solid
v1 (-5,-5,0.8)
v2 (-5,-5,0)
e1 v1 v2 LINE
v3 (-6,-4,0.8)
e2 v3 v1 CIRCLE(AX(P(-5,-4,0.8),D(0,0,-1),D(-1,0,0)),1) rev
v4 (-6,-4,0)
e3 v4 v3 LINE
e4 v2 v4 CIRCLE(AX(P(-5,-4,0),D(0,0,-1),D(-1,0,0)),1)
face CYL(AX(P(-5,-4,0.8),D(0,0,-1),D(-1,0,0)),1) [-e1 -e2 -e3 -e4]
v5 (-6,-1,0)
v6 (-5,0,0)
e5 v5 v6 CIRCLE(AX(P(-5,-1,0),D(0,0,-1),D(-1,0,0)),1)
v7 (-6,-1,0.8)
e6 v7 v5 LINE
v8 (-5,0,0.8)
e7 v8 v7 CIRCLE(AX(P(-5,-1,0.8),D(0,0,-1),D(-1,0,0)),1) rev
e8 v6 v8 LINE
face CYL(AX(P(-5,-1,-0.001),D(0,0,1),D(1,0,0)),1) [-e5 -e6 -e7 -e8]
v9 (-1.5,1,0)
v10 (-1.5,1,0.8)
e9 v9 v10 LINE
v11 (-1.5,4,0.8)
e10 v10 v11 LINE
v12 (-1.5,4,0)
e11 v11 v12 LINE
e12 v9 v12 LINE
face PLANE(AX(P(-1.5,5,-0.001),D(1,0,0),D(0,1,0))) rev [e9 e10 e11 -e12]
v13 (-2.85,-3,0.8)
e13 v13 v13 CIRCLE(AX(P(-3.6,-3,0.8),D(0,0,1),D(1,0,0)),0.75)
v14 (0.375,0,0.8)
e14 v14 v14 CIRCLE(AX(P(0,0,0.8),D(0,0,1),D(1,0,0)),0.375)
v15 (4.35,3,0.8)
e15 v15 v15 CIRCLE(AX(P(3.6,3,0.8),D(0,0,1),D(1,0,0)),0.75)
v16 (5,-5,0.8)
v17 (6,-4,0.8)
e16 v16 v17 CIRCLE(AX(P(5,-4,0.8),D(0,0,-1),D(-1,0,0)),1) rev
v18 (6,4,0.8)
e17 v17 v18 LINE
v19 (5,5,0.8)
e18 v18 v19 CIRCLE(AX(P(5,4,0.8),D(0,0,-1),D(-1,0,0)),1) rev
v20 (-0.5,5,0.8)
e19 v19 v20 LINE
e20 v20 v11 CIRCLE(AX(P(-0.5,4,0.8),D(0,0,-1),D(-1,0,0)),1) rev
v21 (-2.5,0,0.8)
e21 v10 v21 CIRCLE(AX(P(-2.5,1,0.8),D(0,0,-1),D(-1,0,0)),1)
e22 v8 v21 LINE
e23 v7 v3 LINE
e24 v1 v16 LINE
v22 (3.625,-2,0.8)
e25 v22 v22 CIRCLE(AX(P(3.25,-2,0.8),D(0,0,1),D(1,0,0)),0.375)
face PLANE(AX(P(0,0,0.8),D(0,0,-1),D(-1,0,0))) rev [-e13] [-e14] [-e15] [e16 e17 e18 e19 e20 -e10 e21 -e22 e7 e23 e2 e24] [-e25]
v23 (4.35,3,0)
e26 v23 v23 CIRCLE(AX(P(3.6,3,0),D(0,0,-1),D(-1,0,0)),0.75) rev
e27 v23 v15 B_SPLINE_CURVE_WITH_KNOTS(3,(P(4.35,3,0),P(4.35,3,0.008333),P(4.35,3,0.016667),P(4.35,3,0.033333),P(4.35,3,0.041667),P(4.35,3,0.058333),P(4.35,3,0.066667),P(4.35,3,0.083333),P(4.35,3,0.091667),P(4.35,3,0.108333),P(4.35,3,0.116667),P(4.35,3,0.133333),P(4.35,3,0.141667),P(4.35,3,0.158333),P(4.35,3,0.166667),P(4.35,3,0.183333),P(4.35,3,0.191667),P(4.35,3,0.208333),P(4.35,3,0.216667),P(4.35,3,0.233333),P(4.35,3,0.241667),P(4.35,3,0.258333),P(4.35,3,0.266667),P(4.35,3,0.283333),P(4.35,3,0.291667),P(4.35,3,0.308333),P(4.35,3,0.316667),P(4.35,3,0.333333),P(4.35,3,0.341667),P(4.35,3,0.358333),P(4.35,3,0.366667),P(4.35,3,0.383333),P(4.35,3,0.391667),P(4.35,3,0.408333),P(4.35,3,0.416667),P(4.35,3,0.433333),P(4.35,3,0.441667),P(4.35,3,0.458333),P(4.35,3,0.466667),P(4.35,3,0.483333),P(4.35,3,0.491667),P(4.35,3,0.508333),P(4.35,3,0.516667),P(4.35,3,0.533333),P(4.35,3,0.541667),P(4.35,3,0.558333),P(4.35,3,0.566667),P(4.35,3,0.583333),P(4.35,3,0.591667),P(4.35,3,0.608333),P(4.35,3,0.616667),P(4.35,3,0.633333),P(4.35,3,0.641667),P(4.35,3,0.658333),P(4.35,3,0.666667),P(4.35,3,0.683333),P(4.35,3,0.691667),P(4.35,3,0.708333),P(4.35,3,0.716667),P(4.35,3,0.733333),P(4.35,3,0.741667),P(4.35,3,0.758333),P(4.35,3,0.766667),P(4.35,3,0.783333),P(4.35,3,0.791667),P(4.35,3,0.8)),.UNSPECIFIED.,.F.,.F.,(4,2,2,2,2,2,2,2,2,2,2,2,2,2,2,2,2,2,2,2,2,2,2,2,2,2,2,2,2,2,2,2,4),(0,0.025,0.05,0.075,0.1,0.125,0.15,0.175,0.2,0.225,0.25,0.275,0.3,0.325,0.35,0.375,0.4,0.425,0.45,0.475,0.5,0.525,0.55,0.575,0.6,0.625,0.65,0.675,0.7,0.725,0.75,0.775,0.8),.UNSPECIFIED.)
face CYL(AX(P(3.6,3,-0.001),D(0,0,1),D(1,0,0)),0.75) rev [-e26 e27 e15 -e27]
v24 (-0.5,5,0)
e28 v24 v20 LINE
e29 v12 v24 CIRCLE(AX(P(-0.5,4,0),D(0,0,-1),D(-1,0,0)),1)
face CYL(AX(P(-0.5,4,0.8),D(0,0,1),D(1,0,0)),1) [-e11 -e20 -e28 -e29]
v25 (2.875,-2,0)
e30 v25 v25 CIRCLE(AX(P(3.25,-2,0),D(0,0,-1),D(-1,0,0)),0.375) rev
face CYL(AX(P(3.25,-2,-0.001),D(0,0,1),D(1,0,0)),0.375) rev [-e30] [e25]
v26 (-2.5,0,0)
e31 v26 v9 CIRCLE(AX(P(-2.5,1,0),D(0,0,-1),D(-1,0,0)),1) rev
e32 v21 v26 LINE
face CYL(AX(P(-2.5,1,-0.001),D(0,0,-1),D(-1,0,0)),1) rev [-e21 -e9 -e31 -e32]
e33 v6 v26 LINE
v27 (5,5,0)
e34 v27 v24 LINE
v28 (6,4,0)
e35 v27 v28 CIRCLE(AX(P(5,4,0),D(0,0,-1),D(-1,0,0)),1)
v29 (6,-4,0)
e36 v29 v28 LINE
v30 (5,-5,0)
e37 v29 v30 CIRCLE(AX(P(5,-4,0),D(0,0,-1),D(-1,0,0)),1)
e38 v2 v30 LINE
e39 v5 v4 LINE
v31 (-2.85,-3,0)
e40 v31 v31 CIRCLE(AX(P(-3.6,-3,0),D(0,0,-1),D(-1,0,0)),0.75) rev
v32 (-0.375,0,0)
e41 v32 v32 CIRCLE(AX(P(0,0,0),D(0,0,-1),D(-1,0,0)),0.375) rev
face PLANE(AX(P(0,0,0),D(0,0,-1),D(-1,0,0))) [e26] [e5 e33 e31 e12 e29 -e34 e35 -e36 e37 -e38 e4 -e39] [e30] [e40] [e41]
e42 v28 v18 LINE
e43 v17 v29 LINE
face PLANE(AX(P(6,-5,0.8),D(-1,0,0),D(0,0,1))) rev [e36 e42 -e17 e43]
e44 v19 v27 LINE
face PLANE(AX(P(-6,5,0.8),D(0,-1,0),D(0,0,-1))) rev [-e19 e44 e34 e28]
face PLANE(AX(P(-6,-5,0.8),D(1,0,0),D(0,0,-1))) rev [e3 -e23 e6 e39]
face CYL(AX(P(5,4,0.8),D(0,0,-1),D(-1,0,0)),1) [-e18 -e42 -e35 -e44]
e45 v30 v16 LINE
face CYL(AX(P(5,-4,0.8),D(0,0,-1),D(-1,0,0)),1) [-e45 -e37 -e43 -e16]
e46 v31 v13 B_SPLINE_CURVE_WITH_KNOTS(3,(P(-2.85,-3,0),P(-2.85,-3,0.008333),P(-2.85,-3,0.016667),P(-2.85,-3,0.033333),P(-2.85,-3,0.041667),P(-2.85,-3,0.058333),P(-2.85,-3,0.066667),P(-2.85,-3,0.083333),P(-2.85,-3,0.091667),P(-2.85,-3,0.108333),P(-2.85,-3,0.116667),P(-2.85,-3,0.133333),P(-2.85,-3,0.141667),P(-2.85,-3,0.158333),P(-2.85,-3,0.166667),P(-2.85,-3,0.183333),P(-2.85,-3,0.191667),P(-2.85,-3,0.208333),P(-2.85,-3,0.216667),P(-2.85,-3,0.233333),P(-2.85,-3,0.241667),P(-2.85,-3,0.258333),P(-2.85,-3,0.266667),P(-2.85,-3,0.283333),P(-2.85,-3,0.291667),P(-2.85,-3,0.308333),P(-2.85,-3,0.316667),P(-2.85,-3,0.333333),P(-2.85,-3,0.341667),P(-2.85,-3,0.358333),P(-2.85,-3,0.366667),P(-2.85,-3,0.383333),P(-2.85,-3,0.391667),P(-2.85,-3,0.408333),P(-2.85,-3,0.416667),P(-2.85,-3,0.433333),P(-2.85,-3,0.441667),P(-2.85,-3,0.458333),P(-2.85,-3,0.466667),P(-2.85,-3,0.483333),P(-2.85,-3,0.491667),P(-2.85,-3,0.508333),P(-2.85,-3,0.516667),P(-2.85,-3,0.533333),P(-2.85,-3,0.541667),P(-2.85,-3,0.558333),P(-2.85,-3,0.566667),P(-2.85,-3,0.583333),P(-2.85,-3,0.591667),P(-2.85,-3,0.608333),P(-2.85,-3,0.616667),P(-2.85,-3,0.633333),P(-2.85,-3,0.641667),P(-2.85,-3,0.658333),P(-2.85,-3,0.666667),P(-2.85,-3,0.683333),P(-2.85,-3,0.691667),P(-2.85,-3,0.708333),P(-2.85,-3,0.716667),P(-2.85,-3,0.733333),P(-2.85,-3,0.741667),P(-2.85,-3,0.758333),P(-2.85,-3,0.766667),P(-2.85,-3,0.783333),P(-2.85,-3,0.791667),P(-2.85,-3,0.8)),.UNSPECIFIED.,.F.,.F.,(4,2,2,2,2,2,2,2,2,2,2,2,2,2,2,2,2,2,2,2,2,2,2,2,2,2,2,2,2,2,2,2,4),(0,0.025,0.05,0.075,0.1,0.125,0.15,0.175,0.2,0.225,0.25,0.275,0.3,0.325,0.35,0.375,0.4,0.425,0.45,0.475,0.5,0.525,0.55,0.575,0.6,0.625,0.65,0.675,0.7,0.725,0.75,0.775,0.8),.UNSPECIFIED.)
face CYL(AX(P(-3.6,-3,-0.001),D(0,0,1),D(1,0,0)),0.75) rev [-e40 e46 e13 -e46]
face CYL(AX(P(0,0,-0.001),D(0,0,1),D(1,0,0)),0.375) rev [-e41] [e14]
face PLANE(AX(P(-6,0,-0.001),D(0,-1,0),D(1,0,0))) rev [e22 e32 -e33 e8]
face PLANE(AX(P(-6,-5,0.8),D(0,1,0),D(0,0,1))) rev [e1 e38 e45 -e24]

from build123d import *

# Parameters (mm, degrees)
SKETCH_1_W          = 12
SKETCH_1_H          = 10
EXTRUDE_1_DEPTH     = 0.8
CUT_EXTRUDE_1_REACH = 9.851
SKETCH_2_R          = 0.375
SKETCH_2_R_2        = 0.75
SKETCH_2_W          = 4.5
SKETCH_2_H          = 5
FILLET_1_R          = 1


with BuildPart() as part:
    # Эскиз1 → Бобышка-Вытянуть1 (new body)
    with BuildSketch(Plane.XY):
        Rectangle(SKETCH_1_W, SKETCH_1_H)
    extrude(amount=EXTRUDE_1_DEPTH)

    # Эскиз2 → Вырез-Вытянуть1 (cut, up to next)
    with BuildSketch(Plane.XY.offset(0.8), mode=Mode.PRIVATE) as cut_extrude_1_sk1:
        Circle(SKETCH_2_R)
    cut_extrude_1_tool1 = extrude(cut_extrude_1_sk1.sketch, amount=-CUT_EXTRUDE_1_REACH, mode=Mode.PRIVATE) & part.part
    # Эскиз2 → Вырез-Вытянуть1 (cut, up to next)
    with BuildSketch(Plane.XY.offset(0.8), mode=Mode.PRIVATE) as cut_extrude_1_sk2:
        with Locations((-3.6, -3)):
            Circle(SKETCH_2_R_2)
    cut_extrude_1_tool2 = extrude(cut_extrude_1_sk2.sketch, amount=-CUT_EXTRUDE_1_REACH, mode=Mode.PRIVATE) & part.part
    # Эскиз2 → Вырез-Вытянуть1 (cut, up to next)
    with BuildSketch(Plane.XY.offset(0.8), mode=Mode.PRIVATE) as cut_extrude_1_sk3:
        with Locations((3.6, 3)):
            Circle(SKETCH_2_R_2)
    cut_extrude_1_tool3 = extrude(cut_extrude_1_sk3.sketch, amount=-CUT_EXTRUDE_1_REACH, mode=Mode.PRIVATE) & part.part
    # Эскиз2 → Вырез-Вытянуть1 (cut, up to next)
    with BuildSketch(Plane.XY.offset(0.8), mode=Mode.PRIVATE) as cut_extrude_1_sk4:
        with Locations((3.25, -2)):
            Circle(SKETCH_2_R)
    cut_extrude_1_tool4 = extrude(cut_extrude_1_sk4.sketch, amount=-CUT_EXTRUDE_1_REACH, mode=Mode.PRIVATE) & part.part
    # Эскиз2 → Вырез-Вытянуть1 (cut, up to next)
    with BuildSketch(Plane.XY.offset(0.8), mode=Mode.PRIVATE) as cut_extrude_1_sk5:
        with Locations((-3.75, 2.5)):
            Rectangle(SKETCH_2_W, SKETCH_2_H)
    cut_extrude_1_tool5 = extrude(cut_extrude_1_sk5.sketch, amount=-CUT_EXTRUDE_1_REACH, mode=Mode.PRIVATE) & part.part
    add(cut_extrude_1_tool1.solids().sort_by_distance((0, 0, 0.8))[0], mode=Mode.SUBTRACT)
    add(cut_extrude_1_tool2.solids().sort_by_distance((-3.6, -3, 0.8))[0], mode=Mode.SUBTRACT)
    add(cut_extrude_1_tool3.solids().sort_by_distance((3.6, 3, 0.8))[0], mode=Mode.SUBTRACT)
    add(cut_extrude_1_tool4.solids().sort_by_distance((3.25, -2, 0.8))[0], mode=Mode.SUBTRACT)
    add(cut_extrude_1_tool5.solids().sort_by_distance((-3.75, 2.5, 0.8))[0], mode=Mode.SUBTRACT)

    # Скругление1
    fillet_1_edges = [part.edges().sort_by_distance(p)[0] for p in [
        (-6, 0, 0.4),
        (-1.5, 5, 0.4),
        (-1.5, 0, 0.4),
        (6, -5, 0.4),
        (-6, -5, 0.4),
        (6, 5, 0.4),
    ]]
    fillet(fillet_1_edges, radius=FILLET_1_R)


solid = part.part
